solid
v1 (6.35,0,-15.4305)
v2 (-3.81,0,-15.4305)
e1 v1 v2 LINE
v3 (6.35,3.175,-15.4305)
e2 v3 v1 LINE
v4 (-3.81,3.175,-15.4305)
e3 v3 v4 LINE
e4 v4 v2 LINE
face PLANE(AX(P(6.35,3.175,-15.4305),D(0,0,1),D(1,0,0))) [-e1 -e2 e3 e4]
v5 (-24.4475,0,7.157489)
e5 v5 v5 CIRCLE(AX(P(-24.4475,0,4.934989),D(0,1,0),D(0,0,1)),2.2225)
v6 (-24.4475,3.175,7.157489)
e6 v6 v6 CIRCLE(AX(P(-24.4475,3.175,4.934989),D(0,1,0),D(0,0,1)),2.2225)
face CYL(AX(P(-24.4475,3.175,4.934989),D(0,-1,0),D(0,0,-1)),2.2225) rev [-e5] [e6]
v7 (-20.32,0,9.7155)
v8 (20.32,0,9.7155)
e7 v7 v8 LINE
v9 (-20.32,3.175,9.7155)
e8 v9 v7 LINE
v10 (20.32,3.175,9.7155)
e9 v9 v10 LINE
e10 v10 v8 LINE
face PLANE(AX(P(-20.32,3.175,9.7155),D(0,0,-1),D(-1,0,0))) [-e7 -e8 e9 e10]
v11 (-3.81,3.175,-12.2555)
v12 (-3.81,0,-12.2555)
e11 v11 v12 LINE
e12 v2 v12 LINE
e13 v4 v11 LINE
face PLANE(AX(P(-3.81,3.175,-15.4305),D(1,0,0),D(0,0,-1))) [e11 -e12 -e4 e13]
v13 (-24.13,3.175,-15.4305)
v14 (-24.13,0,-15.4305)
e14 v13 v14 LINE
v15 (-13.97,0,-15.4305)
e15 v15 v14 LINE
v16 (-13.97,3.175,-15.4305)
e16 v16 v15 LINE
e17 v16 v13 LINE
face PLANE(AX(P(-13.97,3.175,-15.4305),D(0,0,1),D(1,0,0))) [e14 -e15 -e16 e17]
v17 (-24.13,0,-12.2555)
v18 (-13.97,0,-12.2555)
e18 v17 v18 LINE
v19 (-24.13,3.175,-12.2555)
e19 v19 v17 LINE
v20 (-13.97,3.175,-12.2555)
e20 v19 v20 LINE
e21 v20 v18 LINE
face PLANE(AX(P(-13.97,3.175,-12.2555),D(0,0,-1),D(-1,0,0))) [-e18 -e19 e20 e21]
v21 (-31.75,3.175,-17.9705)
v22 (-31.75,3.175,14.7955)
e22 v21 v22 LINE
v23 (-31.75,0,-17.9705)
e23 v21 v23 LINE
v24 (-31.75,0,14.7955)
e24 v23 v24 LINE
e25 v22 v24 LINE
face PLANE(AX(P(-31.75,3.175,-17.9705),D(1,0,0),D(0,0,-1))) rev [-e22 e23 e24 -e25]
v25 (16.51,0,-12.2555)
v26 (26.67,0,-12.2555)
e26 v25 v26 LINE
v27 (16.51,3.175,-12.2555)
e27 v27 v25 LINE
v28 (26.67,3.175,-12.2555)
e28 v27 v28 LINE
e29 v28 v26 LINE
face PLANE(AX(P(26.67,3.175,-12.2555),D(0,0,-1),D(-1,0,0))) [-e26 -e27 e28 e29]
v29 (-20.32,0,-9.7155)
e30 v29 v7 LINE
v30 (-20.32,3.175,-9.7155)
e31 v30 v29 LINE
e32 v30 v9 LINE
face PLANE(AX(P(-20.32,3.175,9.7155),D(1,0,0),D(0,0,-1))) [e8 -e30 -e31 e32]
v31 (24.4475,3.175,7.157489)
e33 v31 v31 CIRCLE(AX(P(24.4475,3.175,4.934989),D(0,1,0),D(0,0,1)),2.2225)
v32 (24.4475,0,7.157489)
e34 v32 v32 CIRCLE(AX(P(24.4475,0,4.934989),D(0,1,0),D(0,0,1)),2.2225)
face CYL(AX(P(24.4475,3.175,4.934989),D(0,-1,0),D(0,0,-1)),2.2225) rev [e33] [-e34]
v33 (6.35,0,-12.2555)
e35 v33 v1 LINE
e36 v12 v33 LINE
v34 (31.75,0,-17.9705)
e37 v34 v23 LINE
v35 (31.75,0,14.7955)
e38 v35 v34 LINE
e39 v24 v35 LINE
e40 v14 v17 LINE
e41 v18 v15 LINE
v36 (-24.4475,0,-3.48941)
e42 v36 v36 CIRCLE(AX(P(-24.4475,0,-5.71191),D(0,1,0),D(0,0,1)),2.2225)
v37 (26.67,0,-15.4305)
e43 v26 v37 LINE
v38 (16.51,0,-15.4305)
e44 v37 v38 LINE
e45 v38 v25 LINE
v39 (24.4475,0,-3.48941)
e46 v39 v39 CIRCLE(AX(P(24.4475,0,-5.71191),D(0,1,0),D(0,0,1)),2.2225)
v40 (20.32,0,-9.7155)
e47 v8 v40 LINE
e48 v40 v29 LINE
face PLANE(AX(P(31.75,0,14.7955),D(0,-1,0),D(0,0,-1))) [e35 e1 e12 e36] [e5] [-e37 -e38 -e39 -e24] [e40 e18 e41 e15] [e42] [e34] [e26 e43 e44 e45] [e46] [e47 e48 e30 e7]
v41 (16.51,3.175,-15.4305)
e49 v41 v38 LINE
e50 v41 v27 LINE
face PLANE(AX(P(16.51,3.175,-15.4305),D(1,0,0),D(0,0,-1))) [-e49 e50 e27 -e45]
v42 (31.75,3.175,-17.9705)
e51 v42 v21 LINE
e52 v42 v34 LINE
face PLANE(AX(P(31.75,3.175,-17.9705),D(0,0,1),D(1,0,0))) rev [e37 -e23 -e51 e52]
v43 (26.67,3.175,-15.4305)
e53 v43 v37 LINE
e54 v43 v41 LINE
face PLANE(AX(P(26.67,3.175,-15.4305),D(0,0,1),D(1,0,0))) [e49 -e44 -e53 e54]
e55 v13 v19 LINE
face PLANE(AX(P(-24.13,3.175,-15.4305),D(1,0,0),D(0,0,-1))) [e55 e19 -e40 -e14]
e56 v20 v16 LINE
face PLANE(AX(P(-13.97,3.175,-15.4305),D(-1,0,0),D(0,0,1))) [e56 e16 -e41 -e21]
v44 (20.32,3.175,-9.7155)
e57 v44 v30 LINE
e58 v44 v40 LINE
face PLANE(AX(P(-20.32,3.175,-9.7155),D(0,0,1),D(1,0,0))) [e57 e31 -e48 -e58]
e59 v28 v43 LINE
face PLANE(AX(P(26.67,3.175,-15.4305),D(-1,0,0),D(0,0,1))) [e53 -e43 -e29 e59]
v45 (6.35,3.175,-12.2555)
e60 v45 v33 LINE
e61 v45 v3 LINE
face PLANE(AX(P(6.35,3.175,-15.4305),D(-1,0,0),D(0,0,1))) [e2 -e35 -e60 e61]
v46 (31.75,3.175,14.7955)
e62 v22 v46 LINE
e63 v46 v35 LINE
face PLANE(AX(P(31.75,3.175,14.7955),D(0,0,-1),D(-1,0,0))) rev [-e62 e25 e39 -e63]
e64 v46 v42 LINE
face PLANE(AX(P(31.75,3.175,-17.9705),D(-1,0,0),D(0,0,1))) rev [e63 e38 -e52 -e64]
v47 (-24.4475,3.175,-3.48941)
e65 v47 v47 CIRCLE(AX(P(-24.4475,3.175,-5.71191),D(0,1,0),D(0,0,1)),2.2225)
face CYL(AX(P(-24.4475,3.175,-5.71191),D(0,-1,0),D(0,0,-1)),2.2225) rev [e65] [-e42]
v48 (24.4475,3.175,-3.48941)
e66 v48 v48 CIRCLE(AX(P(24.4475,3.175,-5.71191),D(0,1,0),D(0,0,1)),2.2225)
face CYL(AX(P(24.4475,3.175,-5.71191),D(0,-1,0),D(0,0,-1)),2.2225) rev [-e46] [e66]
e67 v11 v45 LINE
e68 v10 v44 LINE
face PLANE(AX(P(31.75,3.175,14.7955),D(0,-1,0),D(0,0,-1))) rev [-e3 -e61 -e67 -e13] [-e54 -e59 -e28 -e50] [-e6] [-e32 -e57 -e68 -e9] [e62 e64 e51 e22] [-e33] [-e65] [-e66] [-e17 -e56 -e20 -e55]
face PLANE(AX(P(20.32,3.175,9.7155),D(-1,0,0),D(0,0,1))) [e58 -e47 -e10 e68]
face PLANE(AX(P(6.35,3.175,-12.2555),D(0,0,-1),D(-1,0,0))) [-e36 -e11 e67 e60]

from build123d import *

# Parameters (mm, degrees)
SKETCH1_W           = 63.5
SKETCH1_H           = 32.766
SKETCH1_R           = 2.2225
SKETCH1_W_2         = 10.16
SKETCH1_H_2         = 3.175
SKETCH1_W_3         = 40.64
SKETCH1_H_3         = 19.431
BOSS_EXTRUDE2_DEPTH = 3.175


with BuildPart() as part:
    # Sketch1 → Boss-Extrude2 (new body)
    with BuildSketch(Plane(origin=(0, 0, 0), x_dir=(1, 0, 0), z_dir=(0, 1, 0))):
        with Locations((0, 1.5875)):
            Rectangle(SKETCH1_W, SKETCH1_H)
        with Locations(Location((-24.4475, 5.711910092, 0), (0, 0, 270))):
            Circle(SKETCH1_R, mode=Mode.SUBTRACT)
        with Locations(Location((-24.4475, -4.93498923, 0), (0, 0, 270))):
            Circle(SKETCH1_R, mode=Mode.SUBTRACT)
        with Locations(Location((24.4475, 5.711910092, 0), (0, 0, 270))):
            Circle(SKETCH1_R, mode=Mode.SUBTRACT)
        with Locations(Location((24.4475, -4.93498923, 0), (0, 0, 270))):
            Circle(SKETCH1_R, mode=Mode.SUBTRACT)
        with Locations((21.59, 13.843)):
            Rectangle(SKETCH1_W_2, SKETCH1_H_2, mode=Mode.SUBTRACT)
        with Locations((1.27, 13.843)):
            Rectangle(SKETCH1_W_2, SKETCH1_H_2, mode=Mode.SUBTRACT)
        with Locations((-19.05, 13.843)):
            Rectangle(SKETCH1_W_2, SKETCH1_H_2, mode=Mode.SUBTRACT)
        Rectangle(SKETCH1_W_3, SKETCH1_H_3, mode=Mode.SUBTRACT)
    extrude(amount=BOSS_EXTRUDE2_DEPTH)


solid = part.part
